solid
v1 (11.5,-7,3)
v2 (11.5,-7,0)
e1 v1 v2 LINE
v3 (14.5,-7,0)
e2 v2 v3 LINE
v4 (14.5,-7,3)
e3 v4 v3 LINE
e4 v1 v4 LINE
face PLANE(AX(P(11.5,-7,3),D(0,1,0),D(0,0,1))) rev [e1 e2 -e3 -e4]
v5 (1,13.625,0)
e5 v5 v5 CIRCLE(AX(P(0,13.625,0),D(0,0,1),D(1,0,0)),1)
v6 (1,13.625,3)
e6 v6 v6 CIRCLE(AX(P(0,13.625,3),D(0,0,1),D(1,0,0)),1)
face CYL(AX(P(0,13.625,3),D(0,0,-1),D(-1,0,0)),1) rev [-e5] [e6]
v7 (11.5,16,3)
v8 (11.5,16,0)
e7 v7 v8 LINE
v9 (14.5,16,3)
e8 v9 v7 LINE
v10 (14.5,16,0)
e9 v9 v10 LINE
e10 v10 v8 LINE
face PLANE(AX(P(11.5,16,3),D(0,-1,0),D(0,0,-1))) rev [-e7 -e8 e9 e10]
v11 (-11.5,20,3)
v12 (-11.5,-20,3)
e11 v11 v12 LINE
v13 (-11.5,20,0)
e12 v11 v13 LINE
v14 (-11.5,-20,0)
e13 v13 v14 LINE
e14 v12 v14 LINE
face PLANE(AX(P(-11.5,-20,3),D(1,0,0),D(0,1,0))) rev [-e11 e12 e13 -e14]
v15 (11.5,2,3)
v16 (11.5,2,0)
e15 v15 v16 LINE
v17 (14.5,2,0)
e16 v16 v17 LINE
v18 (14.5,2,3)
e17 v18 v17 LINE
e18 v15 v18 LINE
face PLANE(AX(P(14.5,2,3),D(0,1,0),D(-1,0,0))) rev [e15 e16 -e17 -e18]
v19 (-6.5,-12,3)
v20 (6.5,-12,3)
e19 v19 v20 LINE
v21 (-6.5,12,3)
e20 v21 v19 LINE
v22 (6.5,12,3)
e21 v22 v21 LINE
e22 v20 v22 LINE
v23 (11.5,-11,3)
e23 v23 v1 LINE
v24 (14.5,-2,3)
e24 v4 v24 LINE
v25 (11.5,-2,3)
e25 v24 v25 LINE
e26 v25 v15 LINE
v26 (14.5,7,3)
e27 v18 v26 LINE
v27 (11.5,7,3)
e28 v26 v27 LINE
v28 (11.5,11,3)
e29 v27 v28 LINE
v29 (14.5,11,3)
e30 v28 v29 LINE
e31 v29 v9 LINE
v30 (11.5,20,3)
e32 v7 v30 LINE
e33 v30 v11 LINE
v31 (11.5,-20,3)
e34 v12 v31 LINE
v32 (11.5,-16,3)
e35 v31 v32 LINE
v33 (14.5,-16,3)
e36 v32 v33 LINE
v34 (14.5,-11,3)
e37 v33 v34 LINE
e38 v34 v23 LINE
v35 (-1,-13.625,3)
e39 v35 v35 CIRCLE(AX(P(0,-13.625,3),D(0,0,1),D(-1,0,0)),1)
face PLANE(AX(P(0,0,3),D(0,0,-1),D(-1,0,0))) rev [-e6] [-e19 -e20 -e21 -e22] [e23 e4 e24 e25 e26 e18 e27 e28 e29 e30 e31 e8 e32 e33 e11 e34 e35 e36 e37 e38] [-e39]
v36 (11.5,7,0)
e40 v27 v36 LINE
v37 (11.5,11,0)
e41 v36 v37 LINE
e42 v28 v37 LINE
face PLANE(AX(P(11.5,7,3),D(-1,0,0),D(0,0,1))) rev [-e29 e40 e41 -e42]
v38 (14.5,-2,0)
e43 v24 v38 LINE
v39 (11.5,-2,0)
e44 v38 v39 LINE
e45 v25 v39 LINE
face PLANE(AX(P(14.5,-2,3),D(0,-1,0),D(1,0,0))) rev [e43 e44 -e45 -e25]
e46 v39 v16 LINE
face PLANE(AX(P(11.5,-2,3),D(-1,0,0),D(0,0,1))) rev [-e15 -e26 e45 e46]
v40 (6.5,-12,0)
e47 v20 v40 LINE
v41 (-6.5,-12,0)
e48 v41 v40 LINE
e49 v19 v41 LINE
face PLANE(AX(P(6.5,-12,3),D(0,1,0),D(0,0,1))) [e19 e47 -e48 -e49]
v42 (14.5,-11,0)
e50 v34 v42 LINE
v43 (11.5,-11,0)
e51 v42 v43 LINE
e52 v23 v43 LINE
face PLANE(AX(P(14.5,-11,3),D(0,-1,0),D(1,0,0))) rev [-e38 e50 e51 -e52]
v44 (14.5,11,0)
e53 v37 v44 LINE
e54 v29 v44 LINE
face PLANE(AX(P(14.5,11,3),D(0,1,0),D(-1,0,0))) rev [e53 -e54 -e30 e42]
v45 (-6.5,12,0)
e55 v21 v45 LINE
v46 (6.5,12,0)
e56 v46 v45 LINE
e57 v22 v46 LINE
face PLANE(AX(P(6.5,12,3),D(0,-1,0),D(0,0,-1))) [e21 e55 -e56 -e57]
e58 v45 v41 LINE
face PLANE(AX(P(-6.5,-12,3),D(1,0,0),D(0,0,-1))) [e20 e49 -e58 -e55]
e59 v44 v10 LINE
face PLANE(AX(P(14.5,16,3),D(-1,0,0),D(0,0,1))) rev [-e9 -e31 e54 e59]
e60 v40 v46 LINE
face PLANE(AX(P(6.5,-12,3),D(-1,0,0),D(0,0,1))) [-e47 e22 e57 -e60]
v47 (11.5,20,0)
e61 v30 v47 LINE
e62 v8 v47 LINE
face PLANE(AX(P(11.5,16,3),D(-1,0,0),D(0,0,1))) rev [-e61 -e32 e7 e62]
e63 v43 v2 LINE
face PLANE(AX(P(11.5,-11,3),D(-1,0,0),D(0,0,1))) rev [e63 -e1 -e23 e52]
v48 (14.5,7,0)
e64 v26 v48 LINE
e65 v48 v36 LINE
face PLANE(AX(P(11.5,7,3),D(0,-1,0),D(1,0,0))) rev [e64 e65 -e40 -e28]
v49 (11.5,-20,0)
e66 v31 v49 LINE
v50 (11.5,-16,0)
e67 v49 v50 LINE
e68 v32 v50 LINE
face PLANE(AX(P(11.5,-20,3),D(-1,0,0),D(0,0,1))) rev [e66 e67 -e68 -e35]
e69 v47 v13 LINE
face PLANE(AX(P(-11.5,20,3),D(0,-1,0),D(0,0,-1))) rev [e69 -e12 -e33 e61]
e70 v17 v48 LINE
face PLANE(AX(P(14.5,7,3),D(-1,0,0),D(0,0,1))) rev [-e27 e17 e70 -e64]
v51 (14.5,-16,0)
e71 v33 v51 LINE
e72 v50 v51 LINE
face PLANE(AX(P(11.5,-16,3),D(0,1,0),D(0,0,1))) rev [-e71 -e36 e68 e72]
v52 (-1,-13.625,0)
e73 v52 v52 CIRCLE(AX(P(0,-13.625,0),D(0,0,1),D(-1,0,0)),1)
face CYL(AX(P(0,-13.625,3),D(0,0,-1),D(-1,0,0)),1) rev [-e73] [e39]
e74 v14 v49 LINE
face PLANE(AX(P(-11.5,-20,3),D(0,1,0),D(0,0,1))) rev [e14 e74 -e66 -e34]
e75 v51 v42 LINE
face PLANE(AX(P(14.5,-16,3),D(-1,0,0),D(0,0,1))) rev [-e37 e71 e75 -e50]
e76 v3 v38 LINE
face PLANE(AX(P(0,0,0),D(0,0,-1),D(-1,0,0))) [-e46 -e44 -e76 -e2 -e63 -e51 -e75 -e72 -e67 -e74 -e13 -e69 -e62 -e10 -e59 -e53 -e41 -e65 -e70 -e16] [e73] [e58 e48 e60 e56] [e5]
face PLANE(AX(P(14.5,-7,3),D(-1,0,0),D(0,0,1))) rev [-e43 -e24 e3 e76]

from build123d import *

# Parameters (mm, degrees)
SKETCH1_R           = 1
SKETCH1_W           = 13
SKETCH1_H           = 24
BOSS_EXTRUDE1_DEPTH = 3


with BuildPart() as part:
    # Sketch1 → Boss-Extrude1 (new body)
    with BuildSketch(Plane.XY):
        Polygon((11.5, 16), (14.5, 16), (14.5, 11), (11.5, 11), (11.5, 7), (14.5, 7), (14.5, 2), (11.5, 2), (11.5, -2), (14.5, -2), (14.5, -7), (11.5, -7), (11.5, -11), (14.5, -11), (14.5, -16), (11.5, -16), (11.5, -20), (-11.5, -20), (-11.5, 20), (11.5, 20), align=None)
        with Locations((0, 13.625)):
            Circle(SKETCH1_R, mode=Mode.SUBTRACT)
        with Locations(Location((0, -13.625, 0), (0, 0, 180))):
            Circle(SKETCH1_R, mode=Mode.SUBTRACT)
        Rectangle(SKETCH1_W, SKETCH1_H, mode=Mode.SUBTRACT)
    extrude(amount=BOSS_EXTRUDE1_DEPTH)


solid = part.part
